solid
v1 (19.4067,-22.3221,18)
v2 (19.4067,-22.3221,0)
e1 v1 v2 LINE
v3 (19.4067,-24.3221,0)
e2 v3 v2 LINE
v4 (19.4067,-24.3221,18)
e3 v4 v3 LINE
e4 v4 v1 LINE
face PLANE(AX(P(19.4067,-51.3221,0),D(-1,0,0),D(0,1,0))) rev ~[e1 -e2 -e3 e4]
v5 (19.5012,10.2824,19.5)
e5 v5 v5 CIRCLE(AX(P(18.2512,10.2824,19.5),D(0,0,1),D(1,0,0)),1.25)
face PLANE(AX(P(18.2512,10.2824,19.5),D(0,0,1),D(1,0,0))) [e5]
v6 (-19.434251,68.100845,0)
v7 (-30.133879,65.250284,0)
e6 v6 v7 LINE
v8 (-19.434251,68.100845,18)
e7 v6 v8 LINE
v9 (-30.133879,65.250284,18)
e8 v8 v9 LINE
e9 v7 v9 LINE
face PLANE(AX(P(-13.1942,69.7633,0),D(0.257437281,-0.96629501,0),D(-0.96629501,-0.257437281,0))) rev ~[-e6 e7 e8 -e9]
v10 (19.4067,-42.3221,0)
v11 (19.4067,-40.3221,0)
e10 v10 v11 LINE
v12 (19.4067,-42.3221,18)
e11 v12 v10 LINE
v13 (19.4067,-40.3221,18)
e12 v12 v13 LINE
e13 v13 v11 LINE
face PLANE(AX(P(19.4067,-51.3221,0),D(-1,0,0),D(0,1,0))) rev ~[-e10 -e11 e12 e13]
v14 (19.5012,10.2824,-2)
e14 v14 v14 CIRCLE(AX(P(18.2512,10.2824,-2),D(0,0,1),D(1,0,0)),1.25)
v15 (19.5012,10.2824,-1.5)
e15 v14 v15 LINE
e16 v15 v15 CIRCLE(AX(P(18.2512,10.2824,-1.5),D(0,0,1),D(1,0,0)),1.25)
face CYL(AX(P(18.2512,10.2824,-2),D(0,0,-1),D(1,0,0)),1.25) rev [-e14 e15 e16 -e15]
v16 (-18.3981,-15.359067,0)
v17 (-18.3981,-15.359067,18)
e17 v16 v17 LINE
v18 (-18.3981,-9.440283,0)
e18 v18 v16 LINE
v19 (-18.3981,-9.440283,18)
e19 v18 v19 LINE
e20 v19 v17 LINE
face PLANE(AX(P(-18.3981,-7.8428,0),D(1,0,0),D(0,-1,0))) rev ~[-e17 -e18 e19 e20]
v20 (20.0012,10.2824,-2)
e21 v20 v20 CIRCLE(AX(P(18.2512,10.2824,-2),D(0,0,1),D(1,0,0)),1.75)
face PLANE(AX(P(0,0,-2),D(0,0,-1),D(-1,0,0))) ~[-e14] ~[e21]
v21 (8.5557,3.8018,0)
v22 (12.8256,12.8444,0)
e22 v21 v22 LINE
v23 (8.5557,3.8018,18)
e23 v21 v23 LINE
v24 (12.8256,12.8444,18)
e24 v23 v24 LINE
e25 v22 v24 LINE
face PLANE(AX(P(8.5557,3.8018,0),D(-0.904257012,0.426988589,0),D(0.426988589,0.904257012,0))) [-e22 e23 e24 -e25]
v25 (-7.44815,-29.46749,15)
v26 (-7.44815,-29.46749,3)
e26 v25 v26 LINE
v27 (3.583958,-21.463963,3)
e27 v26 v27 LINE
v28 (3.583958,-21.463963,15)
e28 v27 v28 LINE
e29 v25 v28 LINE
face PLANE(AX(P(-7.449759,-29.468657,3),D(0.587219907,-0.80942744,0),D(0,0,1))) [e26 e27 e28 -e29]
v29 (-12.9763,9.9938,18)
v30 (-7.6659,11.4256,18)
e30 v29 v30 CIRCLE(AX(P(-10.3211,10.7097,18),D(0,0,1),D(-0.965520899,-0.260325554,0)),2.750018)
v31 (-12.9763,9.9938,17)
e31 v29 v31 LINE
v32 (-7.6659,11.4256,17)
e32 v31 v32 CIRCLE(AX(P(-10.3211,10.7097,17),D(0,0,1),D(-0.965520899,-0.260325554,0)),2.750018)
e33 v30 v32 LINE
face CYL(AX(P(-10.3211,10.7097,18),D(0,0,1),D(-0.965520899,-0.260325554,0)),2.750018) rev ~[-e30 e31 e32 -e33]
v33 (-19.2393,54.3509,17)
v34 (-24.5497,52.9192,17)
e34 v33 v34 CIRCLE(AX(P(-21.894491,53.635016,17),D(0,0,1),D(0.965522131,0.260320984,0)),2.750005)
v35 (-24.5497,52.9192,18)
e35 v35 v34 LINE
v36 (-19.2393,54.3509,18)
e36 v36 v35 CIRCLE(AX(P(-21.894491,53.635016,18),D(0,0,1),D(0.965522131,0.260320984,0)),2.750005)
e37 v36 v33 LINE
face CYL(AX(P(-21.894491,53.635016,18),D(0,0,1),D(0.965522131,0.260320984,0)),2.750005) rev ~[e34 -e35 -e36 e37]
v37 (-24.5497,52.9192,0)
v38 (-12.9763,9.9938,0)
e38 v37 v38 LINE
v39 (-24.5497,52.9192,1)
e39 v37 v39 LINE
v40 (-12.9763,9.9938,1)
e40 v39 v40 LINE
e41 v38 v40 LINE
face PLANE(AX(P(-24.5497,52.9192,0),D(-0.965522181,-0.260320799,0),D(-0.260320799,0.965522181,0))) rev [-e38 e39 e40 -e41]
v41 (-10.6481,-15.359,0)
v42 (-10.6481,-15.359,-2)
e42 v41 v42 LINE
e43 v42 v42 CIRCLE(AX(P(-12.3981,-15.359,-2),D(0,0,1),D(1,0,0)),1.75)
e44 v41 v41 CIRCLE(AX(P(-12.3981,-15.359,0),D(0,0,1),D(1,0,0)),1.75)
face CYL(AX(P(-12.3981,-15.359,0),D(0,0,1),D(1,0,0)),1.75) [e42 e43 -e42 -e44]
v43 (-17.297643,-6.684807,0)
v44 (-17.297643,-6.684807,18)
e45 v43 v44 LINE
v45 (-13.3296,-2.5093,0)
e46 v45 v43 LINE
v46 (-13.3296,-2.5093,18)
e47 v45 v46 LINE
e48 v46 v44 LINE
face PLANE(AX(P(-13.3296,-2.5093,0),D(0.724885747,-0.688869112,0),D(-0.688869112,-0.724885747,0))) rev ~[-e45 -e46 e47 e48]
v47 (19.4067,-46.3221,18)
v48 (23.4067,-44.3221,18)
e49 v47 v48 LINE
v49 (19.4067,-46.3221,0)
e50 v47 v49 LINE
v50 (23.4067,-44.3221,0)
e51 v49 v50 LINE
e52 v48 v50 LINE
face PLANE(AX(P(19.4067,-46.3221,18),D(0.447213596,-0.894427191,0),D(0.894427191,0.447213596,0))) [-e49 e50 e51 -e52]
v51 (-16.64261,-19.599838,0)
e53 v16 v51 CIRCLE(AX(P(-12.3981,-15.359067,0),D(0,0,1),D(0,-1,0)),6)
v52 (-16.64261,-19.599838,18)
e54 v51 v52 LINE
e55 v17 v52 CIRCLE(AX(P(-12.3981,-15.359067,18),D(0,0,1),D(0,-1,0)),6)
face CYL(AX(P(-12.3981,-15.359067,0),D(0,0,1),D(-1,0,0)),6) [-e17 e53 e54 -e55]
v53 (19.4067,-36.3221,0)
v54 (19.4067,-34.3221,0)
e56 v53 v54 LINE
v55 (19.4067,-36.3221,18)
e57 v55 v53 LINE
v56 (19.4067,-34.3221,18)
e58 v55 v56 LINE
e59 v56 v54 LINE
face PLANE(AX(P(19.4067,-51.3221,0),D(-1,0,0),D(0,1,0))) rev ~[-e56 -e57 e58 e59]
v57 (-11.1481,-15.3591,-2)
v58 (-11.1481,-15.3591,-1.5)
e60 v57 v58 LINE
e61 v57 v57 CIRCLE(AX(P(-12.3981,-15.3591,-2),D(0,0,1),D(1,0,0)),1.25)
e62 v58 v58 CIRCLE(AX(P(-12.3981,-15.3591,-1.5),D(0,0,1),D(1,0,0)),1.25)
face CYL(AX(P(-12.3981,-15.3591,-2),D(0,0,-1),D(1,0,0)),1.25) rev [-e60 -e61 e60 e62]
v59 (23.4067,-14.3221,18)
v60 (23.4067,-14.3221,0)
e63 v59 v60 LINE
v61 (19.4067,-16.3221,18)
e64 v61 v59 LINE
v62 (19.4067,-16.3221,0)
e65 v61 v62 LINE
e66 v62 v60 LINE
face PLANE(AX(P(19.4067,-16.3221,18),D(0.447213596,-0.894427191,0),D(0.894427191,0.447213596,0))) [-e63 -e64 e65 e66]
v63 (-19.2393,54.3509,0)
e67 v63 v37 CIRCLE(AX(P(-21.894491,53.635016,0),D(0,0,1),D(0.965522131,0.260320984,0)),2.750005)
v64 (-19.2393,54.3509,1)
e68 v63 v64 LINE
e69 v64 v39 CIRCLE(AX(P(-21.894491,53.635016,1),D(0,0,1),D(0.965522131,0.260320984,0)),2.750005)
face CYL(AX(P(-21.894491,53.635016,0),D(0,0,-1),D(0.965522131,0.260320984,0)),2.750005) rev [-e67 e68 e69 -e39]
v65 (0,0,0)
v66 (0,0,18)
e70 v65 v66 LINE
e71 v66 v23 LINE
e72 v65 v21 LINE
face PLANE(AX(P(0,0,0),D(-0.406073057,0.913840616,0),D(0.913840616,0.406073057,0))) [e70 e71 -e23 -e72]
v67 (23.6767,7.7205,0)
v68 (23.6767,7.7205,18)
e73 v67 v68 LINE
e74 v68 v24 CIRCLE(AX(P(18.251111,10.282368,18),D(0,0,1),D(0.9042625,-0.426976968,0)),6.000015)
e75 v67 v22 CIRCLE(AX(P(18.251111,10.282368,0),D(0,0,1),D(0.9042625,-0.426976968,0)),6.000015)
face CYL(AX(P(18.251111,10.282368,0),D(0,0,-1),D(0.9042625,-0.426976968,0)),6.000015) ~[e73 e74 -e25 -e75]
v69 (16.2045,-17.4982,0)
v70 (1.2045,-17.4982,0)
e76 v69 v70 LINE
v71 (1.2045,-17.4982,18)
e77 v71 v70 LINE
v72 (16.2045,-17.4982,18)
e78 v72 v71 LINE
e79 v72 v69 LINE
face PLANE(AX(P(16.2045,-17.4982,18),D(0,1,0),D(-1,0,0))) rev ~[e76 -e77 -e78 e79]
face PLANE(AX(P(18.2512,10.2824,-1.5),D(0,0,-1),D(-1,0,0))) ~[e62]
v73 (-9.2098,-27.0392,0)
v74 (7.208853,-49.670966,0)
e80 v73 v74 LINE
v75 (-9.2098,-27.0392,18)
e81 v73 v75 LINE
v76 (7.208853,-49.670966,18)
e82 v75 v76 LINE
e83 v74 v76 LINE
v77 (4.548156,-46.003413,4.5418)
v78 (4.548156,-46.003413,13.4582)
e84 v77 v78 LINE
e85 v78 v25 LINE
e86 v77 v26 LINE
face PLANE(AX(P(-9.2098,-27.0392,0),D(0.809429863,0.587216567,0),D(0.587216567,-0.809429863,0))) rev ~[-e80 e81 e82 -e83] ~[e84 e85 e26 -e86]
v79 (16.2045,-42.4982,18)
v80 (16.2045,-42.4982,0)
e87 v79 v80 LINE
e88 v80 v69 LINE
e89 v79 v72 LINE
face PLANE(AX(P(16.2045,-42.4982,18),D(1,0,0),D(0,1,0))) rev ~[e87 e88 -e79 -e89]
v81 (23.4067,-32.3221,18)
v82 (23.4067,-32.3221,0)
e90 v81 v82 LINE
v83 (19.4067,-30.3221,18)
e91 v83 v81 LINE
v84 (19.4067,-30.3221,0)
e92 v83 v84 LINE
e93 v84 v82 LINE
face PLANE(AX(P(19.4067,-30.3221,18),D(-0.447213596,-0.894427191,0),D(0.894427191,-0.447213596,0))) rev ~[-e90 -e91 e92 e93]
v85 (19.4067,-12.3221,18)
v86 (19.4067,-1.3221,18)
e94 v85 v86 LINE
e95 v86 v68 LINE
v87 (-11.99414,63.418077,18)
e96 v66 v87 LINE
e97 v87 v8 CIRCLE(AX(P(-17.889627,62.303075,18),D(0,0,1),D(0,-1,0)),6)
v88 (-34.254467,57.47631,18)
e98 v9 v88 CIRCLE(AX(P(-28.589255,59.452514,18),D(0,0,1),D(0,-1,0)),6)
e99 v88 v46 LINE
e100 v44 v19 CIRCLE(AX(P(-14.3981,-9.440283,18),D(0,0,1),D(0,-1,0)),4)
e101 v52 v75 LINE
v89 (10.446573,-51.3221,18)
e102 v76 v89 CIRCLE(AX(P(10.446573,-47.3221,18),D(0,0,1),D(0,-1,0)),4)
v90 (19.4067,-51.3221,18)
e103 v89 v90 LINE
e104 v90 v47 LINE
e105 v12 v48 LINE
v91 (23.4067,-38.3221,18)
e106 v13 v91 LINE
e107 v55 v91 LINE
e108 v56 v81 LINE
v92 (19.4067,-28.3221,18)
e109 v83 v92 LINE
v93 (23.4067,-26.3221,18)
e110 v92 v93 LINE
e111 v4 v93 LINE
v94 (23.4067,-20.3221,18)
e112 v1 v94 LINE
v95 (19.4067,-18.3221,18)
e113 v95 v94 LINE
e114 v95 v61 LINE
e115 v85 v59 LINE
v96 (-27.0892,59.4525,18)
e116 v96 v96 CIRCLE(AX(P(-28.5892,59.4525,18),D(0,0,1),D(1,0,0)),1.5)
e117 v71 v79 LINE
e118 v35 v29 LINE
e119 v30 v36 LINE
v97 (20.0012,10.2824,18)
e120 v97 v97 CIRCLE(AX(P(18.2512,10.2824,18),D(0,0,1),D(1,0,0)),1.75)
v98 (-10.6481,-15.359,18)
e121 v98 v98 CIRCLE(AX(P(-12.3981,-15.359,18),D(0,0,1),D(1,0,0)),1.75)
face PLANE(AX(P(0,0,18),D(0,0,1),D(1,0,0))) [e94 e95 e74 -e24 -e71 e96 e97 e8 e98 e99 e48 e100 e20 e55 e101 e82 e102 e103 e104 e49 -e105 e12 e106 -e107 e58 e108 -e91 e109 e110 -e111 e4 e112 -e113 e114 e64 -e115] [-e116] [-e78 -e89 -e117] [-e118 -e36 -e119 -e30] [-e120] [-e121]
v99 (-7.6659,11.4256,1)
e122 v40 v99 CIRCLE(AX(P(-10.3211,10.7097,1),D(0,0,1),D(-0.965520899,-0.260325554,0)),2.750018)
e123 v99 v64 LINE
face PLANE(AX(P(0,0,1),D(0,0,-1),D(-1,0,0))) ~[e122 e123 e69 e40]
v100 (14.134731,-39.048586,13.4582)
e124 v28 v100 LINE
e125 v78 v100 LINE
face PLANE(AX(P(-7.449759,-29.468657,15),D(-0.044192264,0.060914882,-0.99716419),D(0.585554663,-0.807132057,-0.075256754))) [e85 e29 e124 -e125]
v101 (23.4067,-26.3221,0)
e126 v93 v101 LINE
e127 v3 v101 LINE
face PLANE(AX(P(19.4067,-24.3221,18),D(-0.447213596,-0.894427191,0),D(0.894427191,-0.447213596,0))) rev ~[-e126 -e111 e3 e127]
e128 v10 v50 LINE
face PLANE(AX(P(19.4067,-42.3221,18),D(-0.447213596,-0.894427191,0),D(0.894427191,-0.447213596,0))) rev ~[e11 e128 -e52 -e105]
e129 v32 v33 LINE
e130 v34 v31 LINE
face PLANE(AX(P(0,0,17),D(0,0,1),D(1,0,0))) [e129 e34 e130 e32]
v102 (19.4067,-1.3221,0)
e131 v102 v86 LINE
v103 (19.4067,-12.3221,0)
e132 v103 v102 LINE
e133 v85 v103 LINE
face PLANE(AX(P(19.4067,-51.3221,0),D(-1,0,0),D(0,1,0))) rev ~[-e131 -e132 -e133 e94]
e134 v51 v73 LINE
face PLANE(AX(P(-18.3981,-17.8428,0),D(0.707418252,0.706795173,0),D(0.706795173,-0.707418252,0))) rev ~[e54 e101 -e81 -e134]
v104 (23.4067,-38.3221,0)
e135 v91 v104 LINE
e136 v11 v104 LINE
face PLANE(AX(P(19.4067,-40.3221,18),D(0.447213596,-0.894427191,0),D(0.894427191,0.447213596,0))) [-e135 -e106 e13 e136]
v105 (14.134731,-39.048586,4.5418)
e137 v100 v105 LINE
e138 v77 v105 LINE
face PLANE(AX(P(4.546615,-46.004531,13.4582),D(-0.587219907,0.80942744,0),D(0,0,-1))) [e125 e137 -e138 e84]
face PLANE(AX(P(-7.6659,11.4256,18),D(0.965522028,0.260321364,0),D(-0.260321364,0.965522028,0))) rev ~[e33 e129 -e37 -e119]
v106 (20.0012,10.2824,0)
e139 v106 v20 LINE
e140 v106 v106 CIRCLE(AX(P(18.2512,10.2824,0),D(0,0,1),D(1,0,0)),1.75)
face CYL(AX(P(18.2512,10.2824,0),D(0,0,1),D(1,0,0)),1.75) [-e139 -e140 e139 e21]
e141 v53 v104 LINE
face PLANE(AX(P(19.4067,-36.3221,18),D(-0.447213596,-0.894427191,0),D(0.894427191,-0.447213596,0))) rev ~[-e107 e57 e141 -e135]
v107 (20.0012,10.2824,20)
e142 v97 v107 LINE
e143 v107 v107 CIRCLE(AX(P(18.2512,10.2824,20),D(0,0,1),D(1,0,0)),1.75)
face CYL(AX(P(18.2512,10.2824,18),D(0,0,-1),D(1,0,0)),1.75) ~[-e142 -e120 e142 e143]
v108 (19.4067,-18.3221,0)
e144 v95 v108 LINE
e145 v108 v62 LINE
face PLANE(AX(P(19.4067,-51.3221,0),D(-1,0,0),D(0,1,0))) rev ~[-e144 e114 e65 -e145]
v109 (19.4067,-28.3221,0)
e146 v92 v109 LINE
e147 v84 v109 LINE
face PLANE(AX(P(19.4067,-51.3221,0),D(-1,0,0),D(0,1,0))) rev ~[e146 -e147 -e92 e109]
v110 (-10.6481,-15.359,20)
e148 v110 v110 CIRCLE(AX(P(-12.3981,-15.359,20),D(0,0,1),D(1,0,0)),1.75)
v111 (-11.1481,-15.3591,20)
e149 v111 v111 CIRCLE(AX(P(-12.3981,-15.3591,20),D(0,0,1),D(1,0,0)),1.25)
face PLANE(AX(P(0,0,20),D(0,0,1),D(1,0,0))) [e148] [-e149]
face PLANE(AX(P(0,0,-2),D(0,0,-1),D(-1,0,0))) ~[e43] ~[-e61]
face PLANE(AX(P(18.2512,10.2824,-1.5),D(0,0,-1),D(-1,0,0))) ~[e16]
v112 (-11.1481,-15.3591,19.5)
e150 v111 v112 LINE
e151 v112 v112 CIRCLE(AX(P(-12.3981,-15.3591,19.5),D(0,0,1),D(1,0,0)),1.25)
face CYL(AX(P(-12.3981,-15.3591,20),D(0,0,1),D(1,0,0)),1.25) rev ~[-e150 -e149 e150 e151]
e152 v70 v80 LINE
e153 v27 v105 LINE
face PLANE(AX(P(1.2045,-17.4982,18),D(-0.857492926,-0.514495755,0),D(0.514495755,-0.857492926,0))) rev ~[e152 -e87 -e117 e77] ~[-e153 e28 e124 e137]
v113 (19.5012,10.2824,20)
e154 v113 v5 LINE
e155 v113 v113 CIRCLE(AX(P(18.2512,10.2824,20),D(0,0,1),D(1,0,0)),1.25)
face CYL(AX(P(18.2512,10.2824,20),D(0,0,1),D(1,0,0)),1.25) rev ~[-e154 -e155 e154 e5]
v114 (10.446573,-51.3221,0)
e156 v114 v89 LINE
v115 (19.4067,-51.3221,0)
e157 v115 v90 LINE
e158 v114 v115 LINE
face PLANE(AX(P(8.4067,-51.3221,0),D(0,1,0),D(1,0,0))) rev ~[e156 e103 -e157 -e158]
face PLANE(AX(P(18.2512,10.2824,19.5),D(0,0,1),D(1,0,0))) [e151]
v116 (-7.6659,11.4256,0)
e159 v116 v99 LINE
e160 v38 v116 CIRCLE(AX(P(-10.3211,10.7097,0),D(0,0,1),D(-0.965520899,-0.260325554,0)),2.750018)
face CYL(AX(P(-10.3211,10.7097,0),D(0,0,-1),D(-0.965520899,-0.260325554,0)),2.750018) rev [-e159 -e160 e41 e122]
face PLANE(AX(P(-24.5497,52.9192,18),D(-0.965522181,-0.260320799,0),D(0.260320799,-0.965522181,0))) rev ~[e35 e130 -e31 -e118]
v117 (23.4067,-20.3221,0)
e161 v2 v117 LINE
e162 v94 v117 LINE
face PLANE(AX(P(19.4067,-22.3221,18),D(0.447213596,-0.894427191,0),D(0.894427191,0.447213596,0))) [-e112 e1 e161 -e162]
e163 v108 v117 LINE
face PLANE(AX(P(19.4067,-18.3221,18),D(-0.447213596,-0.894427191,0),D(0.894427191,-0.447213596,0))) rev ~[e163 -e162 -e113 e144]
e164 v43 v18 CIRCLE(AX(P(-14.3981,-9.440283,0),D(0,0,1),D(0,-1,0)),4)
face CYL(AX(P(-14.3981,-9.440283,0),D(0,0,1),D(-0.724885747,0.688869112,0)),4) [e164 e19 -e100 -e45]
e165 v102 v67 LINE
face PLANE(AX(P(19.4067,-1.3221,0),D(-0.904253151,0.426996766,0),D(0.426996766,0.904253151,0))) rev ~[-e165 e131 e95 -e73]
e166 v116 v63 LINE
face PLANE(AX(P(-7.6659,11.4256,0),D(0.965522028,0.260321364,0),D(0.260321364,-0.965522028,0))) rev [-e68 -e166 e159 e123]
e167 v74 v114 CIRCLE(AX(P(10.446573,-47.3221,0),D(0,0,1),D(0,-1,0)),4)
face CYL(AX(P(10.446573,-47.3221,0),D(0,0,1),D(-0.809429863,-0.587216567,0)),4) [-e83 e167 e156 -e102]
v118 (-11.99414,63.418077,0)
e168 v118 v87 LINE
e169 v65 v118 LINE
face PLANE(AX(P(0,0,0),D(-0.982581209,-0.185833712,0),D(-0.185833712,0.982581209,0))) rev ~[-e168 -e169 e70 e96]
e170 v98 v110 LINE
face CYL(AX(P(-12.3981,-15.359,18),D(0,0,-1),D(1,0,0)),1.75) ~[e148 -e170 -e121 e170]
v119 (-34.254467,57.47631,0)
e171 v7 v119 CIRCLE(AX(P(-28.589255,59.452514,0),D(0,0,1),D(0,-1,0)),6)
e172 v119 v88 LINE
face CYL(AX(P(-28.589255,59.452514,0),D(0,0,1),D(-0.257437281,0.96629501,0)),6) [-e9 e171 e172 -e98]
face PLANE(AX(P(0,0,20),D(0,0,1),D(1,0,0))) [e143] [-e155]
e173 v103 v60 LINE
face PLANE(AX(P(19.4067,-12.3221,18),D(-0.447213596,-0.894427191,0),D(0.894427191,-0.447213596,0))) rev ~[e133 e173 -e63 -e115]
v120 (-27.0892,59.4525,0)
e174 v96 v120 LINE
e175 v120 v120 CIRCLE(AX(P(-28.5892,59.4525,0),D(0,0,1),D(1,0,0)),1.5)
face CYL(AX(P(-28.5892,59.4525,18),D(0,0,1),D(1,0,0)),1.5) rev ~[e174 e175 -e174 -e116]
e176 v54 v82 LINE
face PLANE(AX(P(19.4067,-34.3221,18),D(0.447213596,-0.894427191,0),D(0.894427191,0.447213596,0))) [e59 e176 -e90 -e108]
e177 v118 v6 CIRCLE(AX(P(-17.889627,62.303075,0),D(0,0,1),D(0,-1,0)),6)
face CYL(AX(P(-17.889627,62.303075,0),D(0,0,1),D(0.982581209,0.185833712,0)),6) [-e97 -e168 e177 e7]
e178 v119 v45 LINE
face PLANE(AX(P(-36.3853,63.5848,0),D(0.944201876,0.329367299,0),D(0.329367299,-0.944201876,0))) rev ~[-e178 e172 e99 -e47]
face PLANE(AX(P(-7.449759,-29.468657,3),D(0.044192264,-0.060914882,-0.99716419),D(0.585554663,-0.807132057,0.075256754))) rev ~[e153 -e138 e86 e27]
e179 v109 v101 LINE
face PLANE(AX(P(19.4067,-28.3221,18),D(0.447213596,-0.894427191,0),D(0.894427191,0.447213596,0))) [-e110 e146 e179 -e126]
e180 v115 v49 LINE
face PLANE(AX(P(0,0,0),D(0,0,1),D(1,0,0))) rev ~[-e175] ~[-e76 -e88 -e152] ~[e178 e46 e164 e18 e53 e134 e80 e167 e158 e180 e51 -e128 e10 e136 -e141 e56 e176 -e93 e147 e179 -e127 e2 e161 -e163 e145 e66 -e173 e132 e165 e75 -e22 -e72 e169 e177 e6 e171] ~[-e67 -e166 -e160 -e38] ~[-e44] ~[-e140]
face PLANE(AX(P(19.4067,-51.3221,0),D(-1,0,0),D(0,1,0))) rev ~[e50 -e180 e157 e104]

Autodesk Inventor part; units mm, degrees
ref_plane "YZ Plane" through (0, 0, 0) normal (1, 0, 0) x (0, 1, 0)
ref_plane "XZ Plane" through (0, 0, 0) normal (0, 1, 0) x (-1, 0, 0)
sketch "Sketch1" plane through (0, 0, 0) normal (0, 0, 1) x (1, 0, 0)
  line L0 (0, 0) -> (-13.1942, 69.7633)
  line L1 (-13.1942, 69.7633) -> (-36.3853, 63.5848)
  line L2 (-36.3853, 63.5848) -> (-13.3296, -2.5093)
  line L3 (-13.3296, -2.5093) -> (-18.3981, -7.8428)
  line L4 (-18.3981, -7.8428) -> (-18.3981, -17.8428)
  line L5 (-18.3981, -17.8428) -> (-9.2098, -27.0392)
  line L6 (-9.2098, -27.0392) -> (8.4067, -51.3221)
  line L7 (8.4067, -51.3221) -> (19.4067, -51.3221)
  line L8 (19.4067, -51.3221) -> (19.4067, -1.3221)
  line L9 (19.4067, -1.3221) -> (23.6767, 7.7205)
  arc A0 (23.6767, 7.7205) -> (12.8256, 12.8444) centre (18.2512, 10.2824) ccw
  line L10 (8.5557, 3.8018) -> (12.8256, 12.8444)
  line L11 (0, 0) -> (8.5557, 3.8018)
  dimension "d0" = 71
  dimension "d1" = 24
  dimension "d2" = 70
  dimension "d3" = 20
  dimension "d4" = 10
  dimension "d5" = 13
  dimension "d6" = 30
  dimension "d8" = 11
  dimension "d9" = 50
  dimension "d10" = 10
  dimension "d11" = 12
  dimension "d12" = 10
extrude "Extrusion1" add sketch "Sketch1" along normal blind 18
sketch "Sketch2" plane through (0, 0, 18) normal (0, 0, 1) x (1, 0, 0)
  line L0 (16.2045, -42.4982) -> (16.2045, -17.4982)
  line L1 (16.2045, -17.4982) -> (1.2045, -17.4982)
  line L2 (1.2045, -17.4982) -> (16.2045, -42.4982)
  point P0 (0, 0)
  dimension "d15" = 25
  dimension "d16" = 15
extrude "Extrusion2" cut sketch "Sketch2" against normal blind 18
sketch "Sketch3" plane through (0, 0, 18) normal (0, 0, 1) x (1, 0, 0)
  line L0 (19.4067, -51.3221) -> (19.4067, -1.3221) construction
  line L1 (19.4067, -51.3221) -> (19.4067, -46.3221) construction
  line L2 (19.4067, -46.3221) -> (19.4067, -42.3221)
  line L3 (19.4067, -44.3221) -> (23.4067, -44.3221) construction
  line L4 (19.4067, -42.3221) -> (23.4067, -44.3221)
  line L5 (19.4067, -46.3221) -> (23.4067, -44.3221)
  point P0 (0, 0)
  dimension "d19" = 5
  dimension "d20" = 4
  dimension "d21" = 4
extrude "Extrusion3" add sketch "Sketch3" against normal blind 18
pattern_linear "Rectangular Pattern1" count 6 spacing 6 along (0, 1, 0) of "Extrusion3"
fillet "Fillet1" radius 6 3 edges at (-18.3981, -17.8428, 9) (-36.3853, 63.5848, 9) (-13.1942, 69.7633, 9)
fillet "Fillet2" radius 4 2 edges at (-18.3981, -7.8428, 9) (8.4067, -51.3221, 9)
sketch "Sketch5" plane through (0, 0, 18) normal (0, 0, 1) x (1, 0, 0)
  arc A0 (-30.1339, 65.2503) -> (-34.2545, 57.4763) centre (-28.5892, 59.4525) ccw projected
  circle A1 centre (-28.5892, 59.4525) radius 1.5
  point P0 (0, 0)
  dimension "d32" = 3
extrude "Extrusion5" cut sketch "Sketch5" against normal blind 18
sketch "Sketch6" plane through (-9.2098, -27.0392, 0) normal (-0.8094, -0.5872, 0) x (0, 0, 1)
  line L0 (3, -3) -> (15, -3)
  line L1 (0, 0) -> (0, -27.9601) projected
  line L2 (18, 0) -> (18, -27.9601) projected
  line L3 (0, 0) -> (18, 0) projected
  line L4 (3, -3) -> (4.5418, -23.4291)
  line L5 (18, -23.4291) -> (0, -23.4291) projected
  line L6 (15, -3) -> (13.4582, -23.4291)
  point P0 (0, 16.4781)
  dimension "d35" = 3
  dimension "d36" = 3
  dimension "d37" = 3
extrude "Extrusion6" cut sketch "Sketch6" against normal blind 14 contours L0 L6 L5 L4
sketch "Sketch7" plane through (0, 0, 18) normal (0, 0, 1) x (1, 0, 0)
  arc A0 (-18.3981, -15.359) -> (-16.6426, -19.5998) centre (-12.3981, -15.359) ccw projected
  circle A1 centre (-12.3981, -15.359) radius 1.75
  arc A2 (23.6767, 7.7205) -> (12.8256, 12.8444) centre (18.2512, 10.2824) ccw projected
  circle A3 centre (18.2512, 10.2824) radius 1.75
  point P0 (0, 0)
  dimension "d40" = 3.5
  dimension "d41" = 3.5
extrude "Extrusion7" add sketch "Sketch7" along normal blind 2
sketch "Sketch9" plane through (18.2512, 10.2824, 20) normal (0, 0, 1) x (1, 0, 0)
  circle A0 centre (0, 0) radius 1.75 projected
  circle A1 centre (-30.6493, -25.6415) radius 1.75 projected
  circle A2 centre (0, 0) radius 1.25
  circle A3 centre (-30.6493, -25.6415) radius 1.25
  point P0 (-18.2512, -10.2824)
  dimension "d44" = 0.5
  dimension "d45" = 0.5
extrude "Extrusion8" cut sketch "Sketch9" against normal blind 0.5 contours A2 | A3
sketch "Sketch10" plane through (0, 0, 18) normal (0, 0, 1) x (1, 0, 0)
  line L0 (-21.8945, 53.635) -> (-10.3211, 10.7097) construction
  line L1 (-24.5497, 52.9192) -> (-12.9763, 9.9938)
  line L2 (-7.6659, 11.4256) -> (-19.2393, 54.3509)
  arc A0 (-19.2393, 54.3509) -> (-24.5497, 52.9192) centre (-21.8945, 53.635) ccw
  arc A1 (-12.9763, 9.9938) -> (-7.6659, 11.4256) centre (-10.3211, 10.7097) ccw
  point P0 (0, 0)
  point P1 (-16.1078, 32.1724)
  dimension "d48" = 5.5
extrude "Extrusion9" cut sketch "Sketch10" against normal blind 1
ref_plane "Work Plane1" through (0, 0, 9) normal (0, 0, 1) x (1, 0, 0)
mirror "Mirror1" about plane through (0, 0, 9) normal (0, 0, 1) of "Extrusion9", "Extrusion7", "Extrusion8"
